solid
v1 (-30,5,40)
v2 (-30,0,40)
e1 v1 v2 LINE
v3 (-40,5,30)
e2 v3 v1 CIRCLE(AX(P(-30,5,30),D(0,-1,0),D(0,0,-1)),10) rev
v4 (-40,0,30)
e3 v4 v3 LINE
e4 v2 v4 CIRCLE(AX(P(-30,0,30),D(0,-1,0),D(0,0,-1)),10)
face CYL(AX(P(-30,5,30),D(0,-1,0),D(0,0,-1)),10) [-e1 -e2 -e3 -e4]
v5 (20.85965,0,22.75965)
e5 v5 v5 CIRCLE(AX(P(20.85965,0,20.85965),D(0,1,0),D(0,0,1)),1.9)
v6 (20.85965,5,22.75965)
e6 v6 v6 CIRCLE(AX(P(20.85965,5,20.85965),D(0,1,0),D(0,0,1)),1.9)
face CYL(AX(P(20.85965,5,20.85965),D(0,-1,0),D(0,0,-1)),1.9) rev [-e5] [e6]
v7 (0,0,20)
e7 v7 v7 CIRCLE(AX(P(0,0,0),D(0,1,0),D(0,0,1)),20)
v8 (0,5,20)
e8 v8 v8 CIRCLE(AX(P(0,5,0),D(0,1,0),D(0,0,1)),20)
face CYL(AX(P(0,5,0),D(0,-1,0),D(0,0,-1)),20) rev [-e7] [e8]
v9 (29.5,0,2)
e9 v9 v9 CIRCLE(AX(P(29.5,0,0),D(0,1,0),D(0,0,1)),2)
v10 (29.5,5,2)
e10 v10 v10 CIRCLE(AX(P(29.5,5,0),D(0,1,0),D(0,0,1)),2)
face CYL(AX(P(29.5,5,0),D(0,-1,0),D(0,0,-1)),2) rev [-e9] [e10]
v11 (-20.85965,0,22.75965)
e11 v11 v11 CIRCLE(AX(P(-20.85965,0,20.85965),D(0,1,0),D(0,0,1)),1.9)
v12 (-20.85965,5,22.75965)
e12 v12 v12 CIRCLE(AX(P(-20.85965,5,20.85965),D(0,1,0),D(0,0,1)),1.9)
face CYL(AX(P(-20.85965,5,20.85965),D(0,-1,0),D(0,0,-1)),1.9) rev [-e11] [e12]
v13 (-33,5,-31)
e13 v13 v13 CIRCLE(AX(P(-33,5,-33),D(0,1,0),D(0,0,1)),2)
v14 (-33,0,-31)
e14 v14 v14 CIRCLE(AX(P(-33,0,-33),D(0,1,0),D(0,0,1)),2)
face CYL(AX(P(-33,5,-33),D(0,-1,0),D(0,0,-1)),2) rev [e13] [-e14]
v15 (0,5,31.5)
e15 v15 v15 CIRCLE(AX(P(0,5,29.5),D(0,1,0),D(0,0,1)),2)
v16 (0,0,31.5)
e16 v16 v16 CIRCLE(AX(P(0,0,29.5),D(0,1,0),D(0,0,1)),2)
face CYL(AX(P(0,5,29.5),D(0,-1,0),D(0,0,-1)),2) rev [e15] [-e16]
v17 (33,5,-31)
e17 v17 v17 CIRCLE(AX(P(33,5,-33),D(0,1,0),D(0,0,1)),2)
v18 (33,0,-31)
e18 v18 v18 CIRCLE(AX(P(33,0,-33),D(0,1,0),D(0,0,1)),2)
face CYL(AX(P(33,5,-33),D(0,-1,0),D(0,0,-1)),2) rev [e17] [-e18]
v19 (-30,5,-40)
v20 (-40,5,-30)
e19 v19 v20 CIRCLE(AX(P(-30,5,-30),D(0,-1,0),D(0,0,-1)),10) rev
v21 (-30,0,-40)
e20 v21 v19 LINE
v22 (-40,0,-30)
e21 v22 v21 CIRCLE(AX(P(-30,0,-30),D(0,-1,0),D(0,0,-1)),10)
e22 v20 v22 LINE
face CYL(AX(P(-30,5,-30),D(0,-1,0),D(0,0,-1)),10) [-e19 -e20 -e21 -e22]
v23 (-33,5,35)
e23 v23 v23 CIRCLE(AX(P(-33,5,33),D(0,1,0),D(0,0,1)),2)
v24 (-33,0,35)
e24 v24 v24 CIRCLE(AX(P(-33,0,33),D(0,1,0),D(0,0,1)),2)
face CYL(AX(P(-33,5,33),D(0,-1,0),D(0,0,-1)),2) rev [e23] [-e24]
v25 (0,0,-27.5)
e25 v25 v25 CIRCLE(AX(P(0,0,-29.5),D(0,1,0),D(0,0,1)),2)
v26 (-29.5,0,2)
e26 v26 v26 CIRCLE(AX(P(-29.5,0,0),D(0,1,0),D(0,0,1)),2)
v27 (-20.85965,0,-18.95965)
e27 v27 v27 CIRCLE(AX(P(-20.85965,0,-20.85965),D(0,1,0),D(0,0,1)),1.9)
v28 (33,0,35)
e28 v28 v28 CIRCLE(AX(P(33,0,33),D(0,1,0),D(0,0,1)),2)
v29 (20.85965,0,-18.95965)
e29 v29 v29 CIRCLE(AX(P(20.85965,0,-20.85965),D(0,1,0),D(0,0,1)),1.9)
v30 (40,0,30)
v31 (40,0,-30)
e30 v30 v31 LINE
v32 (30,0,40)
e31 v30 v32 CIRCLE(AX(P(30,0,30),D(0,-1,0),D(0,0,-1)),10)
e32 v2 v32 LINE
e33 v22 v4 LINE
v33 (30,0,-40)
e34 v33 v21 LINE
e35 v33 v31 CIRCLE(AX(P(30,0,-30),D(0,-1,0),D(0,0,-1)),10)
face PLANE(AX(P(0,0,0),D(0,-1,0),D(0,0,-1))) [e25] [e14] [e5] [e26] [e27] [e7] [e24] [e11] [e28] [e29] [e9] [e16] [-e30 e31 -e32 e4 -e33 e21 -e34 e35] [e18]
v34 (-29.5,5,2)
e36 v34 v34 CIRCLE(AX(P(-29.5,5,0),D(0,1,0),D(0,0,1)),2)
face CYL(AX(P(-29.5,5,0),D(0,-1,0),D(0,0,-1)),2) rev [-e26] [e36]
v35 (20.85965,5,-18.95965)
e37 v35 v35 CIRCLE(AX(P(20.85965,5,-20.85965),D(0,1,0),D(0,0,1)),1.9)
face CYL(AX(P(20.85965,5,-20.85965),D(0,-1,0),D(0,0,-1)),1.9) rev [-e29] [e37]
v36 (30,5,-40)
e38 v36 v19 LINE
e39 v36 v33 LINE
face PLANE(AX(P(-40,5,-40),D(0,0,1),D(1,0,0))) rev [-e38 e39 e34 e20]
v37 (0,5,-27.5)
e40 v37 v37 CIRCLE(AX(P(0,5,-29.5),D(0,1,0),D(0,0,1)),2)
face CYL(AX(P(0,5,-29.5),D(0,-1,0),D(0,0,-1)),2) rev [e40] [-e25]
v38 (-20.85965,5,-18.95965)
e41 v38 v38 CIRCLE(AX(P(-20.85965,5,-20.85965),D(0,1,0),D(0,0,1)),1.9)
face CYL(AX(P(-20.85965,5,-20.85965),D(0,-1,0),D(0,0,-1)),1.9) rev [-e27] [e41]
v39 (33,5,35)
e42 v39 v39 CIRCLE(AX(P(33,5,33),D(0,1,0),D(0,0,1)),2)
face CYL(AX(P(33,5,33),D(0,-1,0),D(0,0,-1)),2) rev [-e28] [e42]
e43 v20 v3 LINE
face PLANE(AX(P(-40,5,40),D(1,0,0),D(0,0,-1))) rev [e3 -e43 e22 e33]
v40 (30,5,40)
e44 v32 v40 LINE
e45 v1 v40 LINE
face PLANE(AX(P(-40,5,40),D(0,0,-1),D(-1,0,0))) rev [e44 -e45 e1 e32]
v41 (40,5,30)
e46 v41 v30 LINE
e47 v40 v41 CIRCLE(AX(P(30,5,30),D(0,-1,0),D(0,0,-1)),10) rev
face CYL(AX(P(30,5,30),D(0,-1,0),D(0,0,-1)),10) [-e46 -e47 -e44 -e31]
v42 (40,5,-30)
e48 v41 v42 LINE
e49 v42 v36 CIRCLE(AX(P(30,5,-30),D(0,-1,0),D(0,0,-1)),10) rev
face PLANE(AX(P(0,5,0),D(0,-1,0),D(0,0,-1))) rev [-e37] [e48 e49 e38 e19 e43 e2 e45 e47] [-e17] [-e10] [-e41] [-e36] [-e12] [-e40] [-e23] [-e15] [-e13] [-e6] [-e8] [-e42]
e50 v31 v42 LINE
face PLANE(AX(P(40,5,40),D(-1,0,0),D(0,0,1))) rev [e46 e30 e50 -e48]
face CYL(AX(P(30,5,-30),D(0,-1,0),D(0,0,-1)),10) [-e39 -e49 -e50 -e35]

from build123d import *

# Parameters (mm, degrees)
SKETCH_1_W      = 80
SKETCH_1_H      = 80
SKETCH_1_R      = 1.9
SKETCH_1_R_2    = 2
SKETCH_1_R_3    = 20
EXTRUDE_1_DEPTH = 5
FILLET_5_R      = 10


with BuildPart() as part:
    # Эскиз1 → Бобышка-Вытянуть1 (new body)
    with BuildSketch(Plane(origin=(0, 0, 0), x_dir=(1, 0, 0), z_dir=(0, 1, 0))):
        Rectangle(SKETCH_1_W, SKETCH_1_H)
        with Locations(Location((20.859650045, 20.859650045, 0), (0, 0, 270))):
            Circle(SKETCH_1_R, mode=Mode.SUBTRACT)
        with Locations(Location((20.859650045, -20.859650045, 0), (0, 0, 270))):
            Circle(SKETCH_1_R, mode=Mode.SUBTRACT)
        with Locations(Location((-20.859650045, -20.859650045, 0), (0, 0, 270))):
            Circle(SKETCH_1_R, mode=Mode.SUBTRACT)
        with Locations(Location((-20.859650045, 20.859650045, 0), (0, 0, 270))):
            Circle(SKETCH_1_R, mode=Mode.SUBTRACT)
        with Locations(Location((-33, 33, 0), (0, 0, 270))):
            Circle(SKETCH_1_R_2, mode=Mode.SUBTRACT)
        with Locations(Location((33, 33, 0), (0, 0, 270))):
            Circle(SKETCH_1_R_2, mode=Mode.SUBTRACT)
        with Locations(Location((33, -33, 0), (0, 0, 270))):
            Circle(SKETCH_1_R_2, mode=Mode.SUBTRACT)
        with Locations(Location((-33, -33, 0), (0, 0, 270))):
            Circle(SKETCH_1_R_2, mode=Mode.SUBTRACT)
        with Locations(Location((0, 0, 0), (0, 0, 270))):
            Circle(SKETCH_1_R_3, mode=Mode.SUBTRACT)
        with Locations(Location((0, 29.5, 0), (0, 0, 270))):
            Circle(SKETCH_1_R_2, mode=Mode.SUBTRACT)
        with Locations(Location((29.5, 0, 0), (0, 0, 270))):
            Circle(SKETCH_1_R_2, mode=Mode.SUBTRACT)
        with Locations(Location((0, -29.5, 0), (0, 0, 270))):
            Circle(SKETCH_1_R_2, mode=Mode.SUBTRACT)
        with Locations(Location((-29.5, 0, 0), (0, 0, 270))):
            Circle(SKETCH_1_R_2, mode=Mode.SUBTRACT)
    extrude(amount=EXTRUDE_1_DEPTH)

    # Скругление5
    fillet_5_edges = [part.edges().sort_by_distance(p)[0] for p in [
        (40, 2.5, 40),
        (-40, 2.5, 40),
        (-40, 2.5, -40),
        (40, 2.5, -40),
    ]]
    fillet(fillet_5_edges, radius=FILLET_5_R)


solid = part.part
